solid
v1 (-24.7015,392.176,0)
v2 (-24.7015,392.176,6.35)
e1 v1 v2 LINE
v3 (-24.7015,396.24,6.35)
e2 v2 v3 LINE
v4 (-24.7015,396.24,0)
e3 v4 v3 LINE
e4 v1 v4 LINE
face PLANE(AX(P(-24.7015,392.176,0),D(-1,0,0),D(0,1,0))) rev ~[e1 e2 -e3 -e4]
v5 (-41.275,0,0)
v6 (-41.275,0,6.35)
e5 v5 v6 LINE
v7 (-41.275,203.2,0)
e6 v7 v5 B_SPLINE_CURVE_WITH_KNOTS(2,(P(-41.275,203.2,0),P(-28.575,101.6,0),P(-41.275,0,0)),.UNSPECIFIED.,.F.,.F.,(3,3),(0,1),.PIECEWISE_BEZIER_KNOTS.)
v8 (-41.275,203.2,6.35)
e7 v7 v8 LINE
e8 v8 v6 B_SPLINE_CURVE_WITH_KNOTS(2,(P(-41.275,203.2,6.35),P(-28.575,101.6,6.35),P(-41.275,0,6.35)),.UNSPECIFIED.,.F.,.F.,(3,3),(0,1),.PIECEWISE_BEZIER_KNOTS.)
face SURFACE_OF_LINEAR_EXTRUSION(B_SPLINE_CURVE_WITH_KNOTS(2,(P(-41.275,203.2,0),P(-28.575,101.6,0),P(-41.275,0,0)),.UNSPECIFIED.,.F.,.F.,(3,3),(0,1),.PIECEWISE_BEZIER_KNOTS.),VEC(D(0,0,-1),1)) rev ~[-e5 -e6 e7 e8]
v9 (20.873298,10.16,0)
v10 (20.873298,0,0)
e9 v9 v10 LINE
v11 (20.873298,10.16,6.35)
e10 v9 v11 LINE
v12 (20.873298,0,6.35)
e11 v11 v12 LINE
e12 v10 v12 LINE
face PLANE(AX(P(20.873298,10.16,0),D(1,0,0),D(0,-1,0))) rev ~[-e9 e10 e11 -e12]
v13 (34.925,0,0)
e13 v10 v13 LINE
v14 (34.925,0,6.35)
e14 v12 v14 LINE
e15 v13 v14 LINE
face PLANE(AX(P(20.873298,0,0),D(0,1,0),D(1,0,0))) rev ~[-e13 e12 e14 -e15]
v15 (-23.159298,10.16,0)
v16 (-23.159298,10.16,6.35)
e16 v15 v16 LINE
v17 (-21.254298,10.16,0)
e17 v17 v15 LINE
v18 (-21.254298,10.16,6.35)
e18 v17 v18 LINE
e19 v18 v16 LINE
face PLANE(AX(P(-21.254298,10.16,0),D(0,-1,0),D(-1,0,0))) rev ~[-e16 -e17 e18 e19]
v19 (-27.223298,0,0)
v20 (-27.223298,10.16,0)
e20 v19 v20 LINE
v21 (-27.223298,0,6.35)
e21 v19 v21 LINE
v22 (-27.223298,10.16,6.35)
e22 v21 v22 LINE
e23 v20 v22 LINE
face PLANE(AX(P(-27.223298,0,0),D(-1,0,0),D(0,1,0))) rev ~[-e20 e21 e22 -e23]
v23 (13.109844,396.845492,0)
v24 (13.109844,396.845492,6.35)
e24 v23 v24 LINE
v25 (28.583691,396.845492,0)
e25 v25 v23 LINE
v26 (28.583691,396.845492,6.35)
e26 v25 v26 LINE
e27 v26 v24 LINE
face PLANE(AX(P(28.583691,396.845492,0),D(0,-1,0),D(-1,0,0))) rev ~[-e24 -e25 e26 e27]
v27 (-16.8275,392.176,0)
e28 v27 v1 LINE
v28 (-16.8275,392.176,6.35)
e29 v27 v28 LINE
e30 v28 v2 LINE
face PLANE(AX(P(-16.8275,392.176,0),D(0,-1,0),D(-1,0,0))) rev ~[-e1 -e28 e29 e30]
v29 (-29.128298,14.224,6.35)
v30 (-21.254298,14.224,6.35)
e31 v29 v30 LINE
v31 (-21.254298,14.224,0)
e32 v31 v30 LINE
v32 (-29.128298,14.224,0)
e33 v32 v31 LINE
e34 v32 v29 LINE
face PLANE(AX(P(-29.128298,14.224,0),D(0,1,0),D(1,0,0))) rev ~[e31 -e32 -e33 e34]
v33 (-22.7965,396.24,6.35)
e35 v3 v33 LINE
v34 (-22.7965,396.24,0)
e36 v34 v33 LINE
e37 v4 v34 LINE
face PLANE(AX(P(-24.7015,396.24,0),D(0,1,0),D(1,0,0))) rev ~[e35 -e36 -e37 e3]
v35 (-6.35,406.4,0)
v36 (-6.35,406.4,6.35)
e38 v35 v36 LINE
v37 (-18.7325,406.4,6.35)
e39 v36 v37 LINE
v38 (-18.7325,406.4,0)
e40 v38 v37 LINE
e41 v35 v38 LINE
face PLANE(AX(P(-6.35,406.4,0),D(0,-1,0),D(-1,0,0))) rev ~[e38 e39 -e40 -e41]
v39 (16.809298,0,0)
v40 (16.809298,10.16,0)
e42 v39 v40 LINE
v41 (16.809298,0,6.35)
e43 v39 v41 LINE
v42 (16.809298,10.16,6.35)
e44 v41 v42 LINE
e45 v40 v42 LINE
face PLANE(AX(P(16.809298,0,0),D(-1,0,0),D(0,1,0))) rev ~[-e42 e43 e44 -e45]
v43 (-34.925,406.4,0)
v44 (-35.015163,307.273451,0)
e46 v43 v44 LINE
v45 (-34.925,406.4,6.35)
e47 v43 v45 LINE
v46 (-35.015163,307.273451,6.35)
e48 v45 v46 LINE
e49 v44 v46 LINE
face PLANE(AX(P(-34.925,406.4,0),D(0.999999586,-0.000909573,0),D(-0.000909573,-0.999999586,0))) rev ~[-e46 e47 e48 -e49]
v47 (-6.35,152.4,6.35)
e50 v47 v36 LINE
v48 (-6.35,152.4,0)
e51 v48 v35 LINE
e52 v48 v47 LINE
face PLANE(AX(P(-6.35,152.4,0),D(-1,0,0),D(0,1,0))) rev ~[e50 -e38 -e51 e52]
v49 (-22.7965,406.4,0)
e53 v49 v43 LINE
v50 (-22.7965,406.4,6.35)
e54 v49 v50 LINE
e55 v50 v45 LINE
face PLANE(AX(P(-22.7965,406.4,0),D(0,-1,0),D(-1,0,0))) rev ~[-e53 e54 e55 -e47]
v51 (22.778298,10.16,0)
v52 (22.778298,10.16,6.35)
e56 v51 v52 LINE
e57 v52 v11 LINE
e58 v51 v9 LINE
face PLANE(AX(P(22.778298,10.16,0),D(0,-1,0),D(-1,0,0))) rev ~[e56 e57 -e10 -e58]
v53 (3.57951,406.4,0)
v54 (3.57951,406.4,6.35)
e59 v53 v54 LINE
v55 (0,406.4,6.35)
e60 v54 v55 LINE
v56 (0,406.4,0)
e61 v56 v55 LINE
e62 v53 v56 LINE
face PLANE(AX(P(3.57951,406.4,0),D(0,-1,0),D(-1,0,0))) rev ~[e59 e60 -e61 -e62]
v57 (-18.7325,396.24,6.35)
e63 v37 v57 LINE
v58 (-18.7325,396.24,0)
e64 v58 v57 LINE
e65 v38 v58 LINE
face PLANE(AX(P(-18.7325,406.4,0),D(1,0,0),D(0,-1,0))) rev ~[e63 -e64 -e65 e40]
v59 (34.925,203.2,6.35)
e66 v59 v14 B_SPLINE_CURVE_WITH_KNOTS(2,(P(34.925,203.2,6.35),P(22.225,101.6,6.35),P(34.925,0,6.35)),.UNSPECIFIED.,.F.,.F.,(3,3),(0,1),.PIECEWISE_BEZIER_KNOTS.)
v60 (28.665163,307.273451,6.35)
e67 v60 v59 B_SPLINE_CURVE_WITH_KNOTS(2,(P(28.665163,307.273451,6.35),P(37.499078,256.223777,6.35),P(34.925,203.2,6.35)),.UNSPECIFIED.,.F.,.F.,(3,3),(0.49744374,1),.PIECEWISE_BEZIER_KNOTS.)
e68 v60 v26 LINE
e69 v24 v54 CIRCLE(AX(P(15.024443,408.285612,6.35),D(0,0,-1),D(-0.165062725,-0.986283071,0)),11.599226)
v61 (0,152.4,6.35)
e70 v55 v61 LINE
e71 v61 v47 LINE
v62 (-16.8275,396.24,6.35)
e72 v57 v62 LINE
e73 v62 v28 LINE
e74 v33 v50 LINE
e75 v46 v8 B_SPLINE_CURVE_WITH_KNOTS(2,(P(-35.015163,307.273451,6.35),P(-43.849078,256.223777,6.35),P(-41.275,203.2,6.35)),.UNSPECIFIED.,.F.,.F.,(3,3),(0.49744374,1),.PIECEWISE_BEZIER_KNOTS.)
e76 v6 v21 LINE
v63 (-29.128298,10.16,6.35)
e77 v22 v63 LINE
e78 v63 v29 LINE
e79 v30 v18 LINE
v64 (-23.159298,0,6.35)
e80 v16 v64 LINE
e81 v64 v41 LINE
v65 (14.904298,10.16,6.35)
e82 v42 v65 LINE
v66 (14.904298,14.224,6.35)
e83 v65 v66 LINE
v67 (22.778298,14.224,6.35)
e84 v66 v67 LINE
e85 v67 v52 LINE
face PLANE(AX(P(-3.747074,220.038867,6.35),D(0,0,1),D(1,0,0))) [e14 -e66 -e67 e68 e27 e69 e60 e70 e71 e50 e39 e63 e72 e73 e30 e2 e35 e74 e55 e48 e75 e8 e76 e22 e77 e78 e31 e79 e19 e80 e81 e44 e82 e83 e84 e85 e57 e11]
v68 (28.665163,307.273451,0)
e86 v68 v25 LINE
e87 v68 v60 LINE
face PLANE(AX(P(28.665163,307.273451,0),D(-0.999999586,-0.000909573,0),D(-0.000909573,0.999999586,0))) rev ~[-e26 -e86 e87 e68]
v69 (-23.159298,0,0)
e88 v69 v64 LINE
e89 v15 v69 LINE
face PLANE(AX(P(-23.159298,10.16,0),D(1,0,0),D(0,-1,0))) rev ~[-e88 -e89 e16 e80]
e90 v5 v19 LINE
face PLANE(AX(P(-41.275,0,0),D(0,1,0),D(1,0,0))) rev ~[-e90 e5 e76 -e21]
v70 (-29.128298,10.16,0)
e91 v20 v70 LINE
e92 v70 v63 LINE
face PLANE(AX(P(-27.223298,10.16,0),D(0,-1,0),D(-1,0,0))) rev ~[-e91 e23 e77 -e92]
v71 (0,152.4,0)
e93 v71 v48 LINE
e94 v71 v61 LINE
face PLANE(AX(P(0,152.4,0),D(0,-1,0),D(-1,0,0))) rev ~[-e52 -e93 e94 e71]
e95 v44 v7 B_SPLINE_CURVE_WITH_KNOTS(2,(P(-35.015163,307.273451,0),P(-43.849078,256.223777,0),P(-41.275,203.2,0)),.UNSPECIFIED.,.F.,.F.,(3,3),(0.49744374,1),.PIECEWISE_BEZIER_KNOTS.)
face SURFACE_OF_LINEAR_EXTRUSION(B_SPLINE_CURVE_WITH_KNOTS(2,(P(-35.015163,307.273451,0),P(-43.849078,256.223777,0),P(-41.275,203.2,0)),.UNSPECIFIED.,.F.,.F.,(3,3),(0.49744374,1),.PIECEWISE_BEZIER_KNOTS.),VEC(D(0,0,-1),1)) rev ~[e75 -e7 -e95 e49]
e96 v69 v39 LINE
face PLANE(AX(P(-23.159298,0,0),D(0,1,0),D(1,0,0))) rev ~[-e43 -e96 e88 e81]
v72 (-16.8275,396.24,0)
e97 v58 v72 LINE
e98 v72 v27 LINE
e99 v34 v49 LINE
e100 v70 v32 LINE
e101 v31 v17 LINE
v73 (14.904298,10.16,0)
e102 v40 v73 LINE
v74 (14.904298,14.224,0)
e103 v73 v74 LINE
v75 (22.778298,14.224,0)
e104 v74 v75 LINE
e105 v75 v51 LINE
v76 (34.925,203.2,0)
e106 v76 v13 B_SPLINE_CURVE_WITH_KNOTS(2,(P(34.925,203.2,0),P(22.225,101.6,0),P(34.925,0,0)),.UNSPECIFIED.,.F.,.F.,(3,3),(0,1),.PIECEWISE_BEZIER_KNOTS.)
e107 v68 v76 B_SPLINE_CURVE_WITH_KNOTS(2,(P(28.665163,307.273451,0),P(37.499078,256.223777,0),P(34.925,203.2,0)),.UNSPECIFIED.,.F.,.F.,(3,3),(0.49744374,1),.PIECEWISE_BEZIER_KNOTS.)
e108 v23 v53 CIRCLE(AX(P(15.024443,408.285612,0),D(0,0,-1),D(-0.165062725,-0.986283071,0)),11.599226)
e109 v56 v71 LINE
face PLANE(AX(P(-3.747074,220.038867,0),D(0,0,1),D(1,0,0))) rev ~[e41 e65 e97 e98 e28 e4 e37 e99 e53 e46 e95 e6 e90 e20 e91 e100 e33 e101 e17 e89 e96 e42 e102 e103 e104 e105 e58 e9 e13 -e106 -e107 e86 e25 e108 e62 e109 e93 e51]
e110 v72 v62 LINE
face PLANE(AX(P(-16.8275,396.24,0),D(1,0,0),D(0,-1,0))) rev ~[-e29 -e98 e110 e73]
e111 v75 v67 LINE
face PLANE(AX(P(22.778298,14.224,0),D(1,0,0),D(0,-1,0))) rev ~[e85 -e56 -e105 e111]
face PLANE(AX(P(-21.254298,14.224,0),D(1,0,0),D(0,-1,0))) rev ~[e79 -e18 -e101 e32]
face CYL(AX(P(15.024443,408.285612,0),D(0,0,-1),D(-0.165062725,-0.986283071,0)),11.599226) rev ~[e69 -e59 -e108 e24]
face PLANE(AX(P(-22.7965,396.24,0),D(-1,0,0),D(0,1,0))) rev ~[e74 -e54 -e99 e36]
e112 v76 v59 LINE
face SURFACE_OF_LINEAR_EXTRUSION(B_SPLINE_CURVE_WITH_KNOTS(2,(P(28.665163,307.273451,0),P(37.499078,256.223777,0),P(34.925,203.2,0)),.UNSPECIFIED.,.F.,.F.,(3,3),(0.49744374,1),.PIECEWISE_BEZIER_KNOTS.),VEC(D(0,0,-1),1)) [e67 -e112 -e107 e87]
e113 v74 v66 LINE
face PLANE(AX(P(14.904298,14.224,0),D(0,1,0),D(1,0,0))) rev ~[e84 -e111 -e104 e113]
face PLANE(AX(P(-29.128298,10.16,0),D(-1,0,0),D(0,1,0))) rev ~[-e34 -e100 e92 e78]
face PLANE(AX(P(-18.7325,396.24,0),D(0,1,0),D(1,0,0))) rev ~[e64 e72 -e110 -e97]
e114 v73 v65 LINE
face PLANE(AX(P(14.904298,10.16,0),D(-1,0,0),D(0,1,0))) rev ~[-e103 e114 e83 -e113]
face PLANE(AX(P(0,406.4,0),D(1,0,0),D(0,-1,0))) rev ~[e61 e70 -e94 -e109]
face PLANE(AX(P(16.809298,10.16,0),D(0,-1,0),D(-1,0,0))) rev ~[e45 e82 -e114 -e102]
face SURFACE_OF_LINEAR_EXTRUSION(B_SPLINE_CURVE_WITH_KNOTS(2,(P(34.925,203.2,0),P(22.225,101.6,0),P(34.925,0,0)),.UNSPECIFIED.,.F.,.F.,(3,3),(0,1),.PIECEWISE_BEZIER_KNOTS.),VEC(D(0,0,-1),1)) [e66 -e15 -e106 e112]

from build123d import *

# Parameters (mm, degrees)
BOSS_EXTRUDE1_DEPTH = 6.35


with BuildPart() as part:
    # Sketch2 → Boss-Extrude1 (new body)
    with BuildSketch(Plane.XY):
        with BuildLine():
            Line((-41.275, 0), (-27.223297828, 0))
            Line((-27.223297828, 0), (-27.223297828, 10.16))
            Line((-27.223297828, 10.16), (-29.128297828, 10.16))
            Line((-29.128297828, 10.16), (-29.128297828, 14.224))
            Line((-29.128297828, 14.224), (-21.254297828, 14.224))
            Line((-21.254297828, 14.224), (-21.254297828, 10.16))
            Line((-21.254297828, 10.16), (-23.159297828, 10.16))
            Line((-23.159297828, 10.16), (-23.159297828, 0))
            Line((-23.159297828, 0), (16.809297828, 0))
            Line((16.809297828, 0), (16.809297828, 10.16))
            Line((16.809297828, 10.16), (14.904297828, 10.16))
            Line((14.904297828, 10.16), (14.904297828, 14.224))
            Line((14.904297828, 14.224), (22.778297828, 14.224))
            Line((22.778297828, 14.224), (22.778297828, 10.16))
            Line((22.778297828, 10.16), (20.873297828, 10.16))
            Line((20.873297828, 10.16), (20.873297828, 0))
            Line((20.873297828, 0), (34.925, 0))
            add(Edge.make_bspline(
                [(34.925, 203.2), (22.225, 101.6), (34.925, 0)],
                knots=[0, 0, 0, 1, 1, 1], degree=2))
            add(Edge.make_bspline(
                [(28.665162854, 307.273451332), (37.499078487, 256.223776594), (34.925, 203.2)],
                knots=[0.49744374, 0.49744374, 0.49744374, 1, 1, 1], degree=2))
            Line((28.665162854, 307.273451332), (28.583690525, 396.845491603))
            Line((28.583690525, 396.845491603), (13.109843668, 396.845491603))
            ThreePointArc((13.109843668, 396.845491603), (6.812169641, 400.09411622), (3.579509775, 406.4))
            Line((3.579509775, 406.4), (0, 406.4))
            Line((0, 406.4), (0, 152.4))
            Line((0, 152.4), (-6.35, 152.4))
            Line((-6.35, 152.4), (-6.35, 406.4))
            Line((-6.35, 406.4), (-18.7325, 406.4))
            Line((-18.7325, 406.4), (-18.7325, 396.24))
            Line((-18.7325, 396.24), (-16.8275, 396.24))
            Line((-16.8275, 396.24), (-16.8275, 392.176))
            Line((-16.8275, 392.176), (-20.7645, 392.176))
            Line((-20.7645, 392.176), (-24.7015, 392.176))
            Line((-24.7015, 392.176), (-24.7015, 396.24))
            Line((-24.7015, 396.24), (-22.7965, 396.24))
            Line((-22.7965, 396.24), (-22.7965, 406.4))
            Line((-22.7965, 406.4), (-34.925, 406.4))
            Line((-34.925, 406.4), (-35.015162854, 307.273451332))
            add(Edge.make_bspline(
                [(-35.015162854, 307.273451332), (-43.849078487, 256.223776594), (-41.275, 203.2)],
                knots=[0.49744374, 0.49744374, 0.49744374, 1, 1, 1], degree=2))
            add(Edge.make_bspline(
                [(-41.275, 203.2), (-28.575, 101.6), (-41.275, 0)],
                knots=[0, 0, 0, 1, 1, 1], degree=2))
        make_face()
    extrude(amount=BOSS_EXTRUDE1_DEPTH)


solid = part.part
